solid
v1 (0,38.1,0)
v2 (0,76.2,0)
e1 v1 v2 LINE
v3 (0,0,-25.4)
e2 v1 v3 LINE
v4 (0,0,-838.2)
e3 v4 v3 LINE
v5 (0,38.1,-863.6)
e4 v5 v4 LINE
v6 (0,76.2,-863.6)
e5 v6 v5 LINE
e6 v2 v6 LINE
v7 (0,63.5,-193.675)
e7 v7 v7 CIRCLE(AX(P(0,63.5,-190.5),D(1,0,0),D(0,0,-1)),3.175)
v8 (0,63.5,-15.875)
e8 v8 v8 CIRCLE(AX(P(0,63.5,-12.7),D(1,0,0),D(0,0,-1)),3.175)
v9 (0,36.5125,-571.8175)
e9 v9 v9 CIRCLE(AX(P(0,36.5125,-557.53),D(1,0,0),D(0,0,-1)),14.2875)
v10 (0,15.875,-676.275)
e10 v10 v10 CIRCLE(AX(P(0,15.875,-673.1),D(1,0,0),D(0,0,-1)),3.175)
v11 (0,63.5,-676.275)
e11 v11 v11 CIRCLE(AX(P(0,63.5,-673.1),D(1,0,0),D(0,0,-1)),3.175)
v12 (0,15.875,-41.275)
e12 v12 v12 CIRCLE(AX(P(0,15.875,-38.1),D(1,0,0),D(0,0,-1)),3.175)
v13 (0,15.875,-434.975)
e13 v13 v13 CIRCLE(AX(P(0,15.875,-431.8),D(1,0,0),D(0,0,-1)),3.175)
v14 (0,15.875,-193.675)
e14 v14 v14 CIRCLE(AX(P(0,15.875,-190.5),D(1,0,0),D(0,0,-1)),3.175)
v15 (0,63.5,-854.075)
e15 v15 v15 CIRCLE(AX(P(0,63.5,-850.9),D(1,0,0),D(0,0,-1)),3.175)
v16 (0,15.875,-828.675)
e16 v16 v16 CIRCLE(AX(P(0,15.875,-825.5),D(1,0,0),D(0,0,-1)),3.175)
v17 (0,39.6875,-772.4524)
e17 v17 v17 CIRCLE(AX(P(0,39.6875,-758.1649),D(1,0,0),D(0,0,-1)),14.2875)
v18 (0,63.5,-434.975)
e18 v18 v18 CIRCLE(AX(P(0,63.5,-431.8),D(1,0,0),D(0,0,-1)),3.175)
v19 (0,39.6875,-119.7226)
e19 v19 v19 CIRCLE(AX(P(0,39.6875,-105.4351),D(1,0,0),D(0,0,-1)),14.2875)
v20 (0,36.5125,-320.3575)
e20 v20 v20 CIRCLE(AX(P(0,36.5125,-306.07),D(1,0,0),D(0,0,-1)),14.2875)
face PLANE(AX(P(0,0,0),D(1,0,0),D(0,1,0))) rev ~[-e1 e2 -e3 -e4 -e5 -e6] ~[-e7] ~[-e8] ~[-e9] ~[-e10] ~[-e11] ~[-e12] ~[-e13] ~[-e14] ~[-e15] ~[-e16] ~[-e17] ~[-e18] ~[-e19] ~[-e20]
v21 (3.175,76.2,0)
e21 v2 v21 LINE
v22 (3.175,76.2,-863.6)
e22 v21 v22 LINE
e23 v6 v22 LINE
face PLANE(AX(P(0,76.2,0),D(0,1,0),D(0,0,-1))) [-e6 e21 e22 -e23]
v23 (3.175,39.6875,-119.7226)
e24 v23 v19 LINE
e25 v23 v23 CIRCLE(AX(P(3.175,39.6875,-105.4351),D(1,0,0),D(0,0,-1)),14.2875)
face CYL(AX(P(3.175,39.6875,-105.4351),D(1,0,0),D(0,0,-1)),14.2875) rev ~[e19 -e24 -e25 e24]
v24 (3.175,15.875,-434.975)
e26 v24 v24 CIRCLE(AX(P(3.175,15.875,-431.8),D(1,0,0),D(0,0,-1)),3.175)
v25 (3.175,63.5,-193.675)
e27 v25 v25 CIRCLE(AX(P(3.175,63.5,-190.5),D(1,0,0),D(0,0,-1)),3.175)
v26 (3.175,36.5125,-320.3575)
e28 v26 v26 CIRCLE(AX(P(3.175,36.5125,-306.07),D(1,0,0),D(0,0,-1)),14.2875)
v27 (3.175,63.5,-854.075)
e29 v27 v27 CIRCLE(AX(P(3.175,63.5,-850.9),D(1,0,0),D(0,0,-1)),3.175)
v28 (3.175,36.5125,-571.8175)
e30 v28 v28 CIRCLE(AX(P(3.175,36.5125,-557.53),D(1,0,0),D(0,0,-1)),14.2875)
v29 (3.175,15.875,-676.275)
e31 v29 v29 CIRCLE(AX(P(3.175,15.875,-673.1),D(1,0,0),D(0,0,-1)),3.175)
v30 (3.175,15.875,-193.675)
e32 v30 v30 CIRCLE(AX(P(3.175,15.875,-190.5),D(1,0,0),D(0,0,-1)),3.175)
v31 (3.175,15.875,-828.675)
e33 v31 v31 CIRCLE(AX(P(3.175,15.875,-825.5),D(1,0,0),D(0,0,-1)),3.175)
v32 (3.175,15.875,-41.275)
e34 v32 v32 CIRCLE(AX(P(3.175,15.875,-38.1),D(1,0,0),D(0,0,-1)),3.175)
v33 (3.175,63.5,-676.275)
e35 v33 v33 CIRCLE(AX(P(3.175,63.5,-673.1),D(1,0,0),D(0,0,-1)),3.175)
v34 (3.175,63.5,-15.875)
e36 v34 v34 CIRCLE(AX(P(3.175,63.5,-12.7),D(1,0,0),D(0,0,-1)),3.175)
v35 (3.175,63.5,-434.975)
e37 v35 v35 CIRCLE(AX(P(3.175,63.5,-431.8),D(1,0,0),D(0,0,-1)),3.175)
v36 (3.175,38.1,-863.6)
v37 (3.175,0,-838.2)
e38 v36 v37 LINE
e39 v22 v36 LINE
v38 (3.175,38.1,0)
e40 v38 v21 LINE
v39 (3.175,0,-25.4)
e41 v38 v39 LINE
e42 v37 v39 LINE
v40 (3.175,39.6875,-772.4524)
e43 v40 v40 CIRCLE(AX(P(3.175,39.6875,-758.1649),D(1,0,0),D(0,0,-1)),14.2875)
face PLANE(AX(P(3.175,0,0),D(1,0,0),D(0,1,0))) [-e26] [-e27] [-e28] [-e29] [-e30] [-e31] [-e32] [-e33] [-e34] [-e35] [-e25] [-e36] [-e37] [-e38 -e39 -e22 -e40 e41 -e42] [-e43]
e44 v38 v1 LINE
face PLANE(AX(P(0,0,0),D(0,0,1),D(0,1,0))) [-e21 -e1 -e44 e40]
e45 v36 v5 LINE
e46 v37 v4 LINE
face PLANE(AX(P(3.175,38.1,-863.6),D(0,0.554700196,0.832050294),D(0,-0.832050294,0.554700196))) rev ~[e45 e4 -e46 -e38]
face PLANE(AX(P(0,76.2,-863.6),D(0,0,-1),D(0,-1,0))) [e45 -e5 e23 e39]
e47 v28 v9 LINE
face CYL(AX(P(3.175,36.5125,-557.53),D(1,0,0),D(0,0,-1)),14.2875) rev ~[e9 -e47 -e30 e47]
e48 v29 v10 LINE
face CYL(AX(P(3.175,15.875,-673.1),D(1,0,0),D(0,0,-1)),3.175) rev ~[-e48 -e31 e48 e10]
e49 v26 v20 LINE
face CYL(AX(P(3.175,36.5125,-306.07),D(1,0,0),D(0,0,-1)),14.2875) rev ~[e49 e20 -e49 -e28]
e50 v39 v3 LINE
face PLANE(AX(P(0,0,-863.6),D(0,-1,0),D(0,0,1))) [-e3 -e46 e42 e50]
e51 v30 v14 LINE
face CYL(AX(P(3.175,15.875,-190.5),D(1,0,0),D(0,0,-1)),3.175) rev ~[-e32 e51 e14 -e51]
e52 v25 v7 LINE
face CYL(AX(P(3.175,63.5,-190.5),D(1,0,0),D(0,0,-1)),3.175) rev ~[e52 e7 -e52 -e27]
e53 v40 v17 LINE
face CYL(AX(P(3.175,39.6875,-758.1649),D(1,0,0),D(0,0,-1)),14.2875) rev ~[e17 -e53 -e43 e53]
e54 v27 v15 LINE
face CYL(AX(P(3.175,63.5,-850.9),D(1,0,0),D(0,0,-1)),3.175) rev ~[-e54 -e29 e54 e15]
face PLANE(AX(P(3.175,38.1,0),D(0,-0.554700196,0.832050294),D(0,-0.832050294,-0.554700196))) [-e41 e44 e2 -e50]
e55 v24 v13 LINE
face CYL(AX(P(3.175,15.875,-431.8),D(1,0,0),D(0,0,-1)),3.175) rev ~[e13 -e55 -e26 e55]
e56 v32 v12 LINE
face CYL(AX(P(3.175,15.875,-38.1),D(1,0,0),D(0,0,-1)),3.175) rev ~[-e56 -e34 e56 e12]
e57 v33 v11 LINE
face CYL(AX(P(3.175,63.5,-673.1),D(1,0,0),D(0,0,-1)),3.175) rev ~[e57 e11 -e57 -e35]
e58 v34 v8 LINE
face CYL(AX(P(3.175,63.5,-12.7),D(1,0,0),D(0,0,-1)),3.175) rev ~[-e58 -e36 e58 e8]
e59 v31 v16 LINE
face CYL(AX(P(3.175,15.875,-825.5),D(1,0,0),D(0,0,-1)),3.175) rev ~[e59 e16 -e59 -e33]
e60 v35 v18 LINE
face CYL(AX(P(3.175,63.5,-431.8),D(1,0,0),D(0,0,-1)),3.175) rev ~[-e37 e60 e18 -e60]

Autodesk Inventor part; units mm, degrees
ref_plane "YZ Plane" through (0, 0, 0) normal (1, 0, 0) x (0, 1, 0)
ref_plane "XZ Plane" through (0, 0, 0) normal (0, 1, 0) x (-1, 0, 0)
ref_plane "XY Plane" through (0, 0, 0) normal (0, 0, 1) x (1, 0, 0)
sketch "Sketch1" plane through (0, 0, 0) normal (1, 0, 0) x (0, 1, 0)
  line L0 (0, 0) -> (76.2, 0)
  line L1 (76.2, 0) -> (76.2, -863.6)
  line L2 (76.2, -863.6) -> (0, -863.6)
  line L3 (0, -863.6) -> (0, 0)
  dimension "d0" = 76.2
  dimension "d1" = 863.6
extrude "Extrusion1" add sketch "Sketch1" along normal blind 3.175
sketch "Sketch2" plane through (3.175, 0, 0) normal (1, 0, 0) x (0, 0, -1)
  line L0 (0, 38.1) -> (0, 36.5125)
  line L1 (0, 36.5125) -> (0, 39.6875)
  circle A0 centre (306.07, 36.5125) radius 14.2875
  circle A1 centre (557.53, 36.5125) radius 14.2875
  circle A2 centre (105.4351, 39.6875) radius 14.2875
  circle A3 centre (758.1649, 39.6875) radius 14.2875
  line L2 (863.6, 0) -> (838.2, 0)
  line L3 (863.6, 0) -> (863.6, 38.1)
  line L4 (863.6, 38.1) -> (838.2, 0)
  circle A4 centre (12.7, 63.5) radius 3.175
  line L5 (863.6, 76.2) -> (0, 76.2) projected
  circle A5 centre (850.9, 63.5) radius 3.175
  circle A6 centre (825.5, 15.875) radius 3.175
  circle A7 centre (38.1, 15.875) radius 3.175
  circle A8 centre (190.5, 15.875) radius 3.175
  circle A9 centre (431.8, 15.875) radius 3.175
  circle A10 centre (431.8, 63.5) radius 3.175
  circle A11 centre (673.1, 63.5) radius 3.175
  circle A12 centre (673.1, 15.875) radius 3.175
  circle A13 centre (190.5, 63.5) radius 3.175
  line L6 (0, 0) -> (25.4, 0)
  line L7 (0, 0) -> (0, 38.1)
  line L8 (0, 38.1) -> (25.4, 0)
  line L9 (863.6, 0) -> (0, 0) projected
  dimension "d15" = 28.575
  dimension "d16" = 28.575
  dimension "d19" = 28.575
  dimension "d21" = 28.575
  dimension "d22" = 25.4
  dimension "d26" = 6.35
  dimension "d27" = 12.7
  dimension "d29" = 6.35
  dimension "d30" = 12.7
  dimension "d32" = 6.35
  dimension "d34" = 12.7
  dimension "d35" = 6.35
  dimension "d39" = 6.35
  dimension "d40" = 863.6
  dimension "d41" = 6.35
  dimension "d43" = 6.35
  dimension "d44" = 12.7
  dimension "d45" = 6.35
  dimension "d46" = 6.35
  dimension "d48" = 241.3
  dimension "d49" = 241.3
  dimension "d50" = 6.35
  dimension "d51" = 241.3
  dimension "d53" = 241.3
  dimension "d54" = 25.4
  dimension "d55" = 38.1
  dimension "d58" = 15.875
  dimension "d59" = 15.875
  dimension "d60" = 15.875
extrude "Extrusion3" cut sketch "Sketch2" against normal blind 25.4
properties part number "OutsidePlate"
